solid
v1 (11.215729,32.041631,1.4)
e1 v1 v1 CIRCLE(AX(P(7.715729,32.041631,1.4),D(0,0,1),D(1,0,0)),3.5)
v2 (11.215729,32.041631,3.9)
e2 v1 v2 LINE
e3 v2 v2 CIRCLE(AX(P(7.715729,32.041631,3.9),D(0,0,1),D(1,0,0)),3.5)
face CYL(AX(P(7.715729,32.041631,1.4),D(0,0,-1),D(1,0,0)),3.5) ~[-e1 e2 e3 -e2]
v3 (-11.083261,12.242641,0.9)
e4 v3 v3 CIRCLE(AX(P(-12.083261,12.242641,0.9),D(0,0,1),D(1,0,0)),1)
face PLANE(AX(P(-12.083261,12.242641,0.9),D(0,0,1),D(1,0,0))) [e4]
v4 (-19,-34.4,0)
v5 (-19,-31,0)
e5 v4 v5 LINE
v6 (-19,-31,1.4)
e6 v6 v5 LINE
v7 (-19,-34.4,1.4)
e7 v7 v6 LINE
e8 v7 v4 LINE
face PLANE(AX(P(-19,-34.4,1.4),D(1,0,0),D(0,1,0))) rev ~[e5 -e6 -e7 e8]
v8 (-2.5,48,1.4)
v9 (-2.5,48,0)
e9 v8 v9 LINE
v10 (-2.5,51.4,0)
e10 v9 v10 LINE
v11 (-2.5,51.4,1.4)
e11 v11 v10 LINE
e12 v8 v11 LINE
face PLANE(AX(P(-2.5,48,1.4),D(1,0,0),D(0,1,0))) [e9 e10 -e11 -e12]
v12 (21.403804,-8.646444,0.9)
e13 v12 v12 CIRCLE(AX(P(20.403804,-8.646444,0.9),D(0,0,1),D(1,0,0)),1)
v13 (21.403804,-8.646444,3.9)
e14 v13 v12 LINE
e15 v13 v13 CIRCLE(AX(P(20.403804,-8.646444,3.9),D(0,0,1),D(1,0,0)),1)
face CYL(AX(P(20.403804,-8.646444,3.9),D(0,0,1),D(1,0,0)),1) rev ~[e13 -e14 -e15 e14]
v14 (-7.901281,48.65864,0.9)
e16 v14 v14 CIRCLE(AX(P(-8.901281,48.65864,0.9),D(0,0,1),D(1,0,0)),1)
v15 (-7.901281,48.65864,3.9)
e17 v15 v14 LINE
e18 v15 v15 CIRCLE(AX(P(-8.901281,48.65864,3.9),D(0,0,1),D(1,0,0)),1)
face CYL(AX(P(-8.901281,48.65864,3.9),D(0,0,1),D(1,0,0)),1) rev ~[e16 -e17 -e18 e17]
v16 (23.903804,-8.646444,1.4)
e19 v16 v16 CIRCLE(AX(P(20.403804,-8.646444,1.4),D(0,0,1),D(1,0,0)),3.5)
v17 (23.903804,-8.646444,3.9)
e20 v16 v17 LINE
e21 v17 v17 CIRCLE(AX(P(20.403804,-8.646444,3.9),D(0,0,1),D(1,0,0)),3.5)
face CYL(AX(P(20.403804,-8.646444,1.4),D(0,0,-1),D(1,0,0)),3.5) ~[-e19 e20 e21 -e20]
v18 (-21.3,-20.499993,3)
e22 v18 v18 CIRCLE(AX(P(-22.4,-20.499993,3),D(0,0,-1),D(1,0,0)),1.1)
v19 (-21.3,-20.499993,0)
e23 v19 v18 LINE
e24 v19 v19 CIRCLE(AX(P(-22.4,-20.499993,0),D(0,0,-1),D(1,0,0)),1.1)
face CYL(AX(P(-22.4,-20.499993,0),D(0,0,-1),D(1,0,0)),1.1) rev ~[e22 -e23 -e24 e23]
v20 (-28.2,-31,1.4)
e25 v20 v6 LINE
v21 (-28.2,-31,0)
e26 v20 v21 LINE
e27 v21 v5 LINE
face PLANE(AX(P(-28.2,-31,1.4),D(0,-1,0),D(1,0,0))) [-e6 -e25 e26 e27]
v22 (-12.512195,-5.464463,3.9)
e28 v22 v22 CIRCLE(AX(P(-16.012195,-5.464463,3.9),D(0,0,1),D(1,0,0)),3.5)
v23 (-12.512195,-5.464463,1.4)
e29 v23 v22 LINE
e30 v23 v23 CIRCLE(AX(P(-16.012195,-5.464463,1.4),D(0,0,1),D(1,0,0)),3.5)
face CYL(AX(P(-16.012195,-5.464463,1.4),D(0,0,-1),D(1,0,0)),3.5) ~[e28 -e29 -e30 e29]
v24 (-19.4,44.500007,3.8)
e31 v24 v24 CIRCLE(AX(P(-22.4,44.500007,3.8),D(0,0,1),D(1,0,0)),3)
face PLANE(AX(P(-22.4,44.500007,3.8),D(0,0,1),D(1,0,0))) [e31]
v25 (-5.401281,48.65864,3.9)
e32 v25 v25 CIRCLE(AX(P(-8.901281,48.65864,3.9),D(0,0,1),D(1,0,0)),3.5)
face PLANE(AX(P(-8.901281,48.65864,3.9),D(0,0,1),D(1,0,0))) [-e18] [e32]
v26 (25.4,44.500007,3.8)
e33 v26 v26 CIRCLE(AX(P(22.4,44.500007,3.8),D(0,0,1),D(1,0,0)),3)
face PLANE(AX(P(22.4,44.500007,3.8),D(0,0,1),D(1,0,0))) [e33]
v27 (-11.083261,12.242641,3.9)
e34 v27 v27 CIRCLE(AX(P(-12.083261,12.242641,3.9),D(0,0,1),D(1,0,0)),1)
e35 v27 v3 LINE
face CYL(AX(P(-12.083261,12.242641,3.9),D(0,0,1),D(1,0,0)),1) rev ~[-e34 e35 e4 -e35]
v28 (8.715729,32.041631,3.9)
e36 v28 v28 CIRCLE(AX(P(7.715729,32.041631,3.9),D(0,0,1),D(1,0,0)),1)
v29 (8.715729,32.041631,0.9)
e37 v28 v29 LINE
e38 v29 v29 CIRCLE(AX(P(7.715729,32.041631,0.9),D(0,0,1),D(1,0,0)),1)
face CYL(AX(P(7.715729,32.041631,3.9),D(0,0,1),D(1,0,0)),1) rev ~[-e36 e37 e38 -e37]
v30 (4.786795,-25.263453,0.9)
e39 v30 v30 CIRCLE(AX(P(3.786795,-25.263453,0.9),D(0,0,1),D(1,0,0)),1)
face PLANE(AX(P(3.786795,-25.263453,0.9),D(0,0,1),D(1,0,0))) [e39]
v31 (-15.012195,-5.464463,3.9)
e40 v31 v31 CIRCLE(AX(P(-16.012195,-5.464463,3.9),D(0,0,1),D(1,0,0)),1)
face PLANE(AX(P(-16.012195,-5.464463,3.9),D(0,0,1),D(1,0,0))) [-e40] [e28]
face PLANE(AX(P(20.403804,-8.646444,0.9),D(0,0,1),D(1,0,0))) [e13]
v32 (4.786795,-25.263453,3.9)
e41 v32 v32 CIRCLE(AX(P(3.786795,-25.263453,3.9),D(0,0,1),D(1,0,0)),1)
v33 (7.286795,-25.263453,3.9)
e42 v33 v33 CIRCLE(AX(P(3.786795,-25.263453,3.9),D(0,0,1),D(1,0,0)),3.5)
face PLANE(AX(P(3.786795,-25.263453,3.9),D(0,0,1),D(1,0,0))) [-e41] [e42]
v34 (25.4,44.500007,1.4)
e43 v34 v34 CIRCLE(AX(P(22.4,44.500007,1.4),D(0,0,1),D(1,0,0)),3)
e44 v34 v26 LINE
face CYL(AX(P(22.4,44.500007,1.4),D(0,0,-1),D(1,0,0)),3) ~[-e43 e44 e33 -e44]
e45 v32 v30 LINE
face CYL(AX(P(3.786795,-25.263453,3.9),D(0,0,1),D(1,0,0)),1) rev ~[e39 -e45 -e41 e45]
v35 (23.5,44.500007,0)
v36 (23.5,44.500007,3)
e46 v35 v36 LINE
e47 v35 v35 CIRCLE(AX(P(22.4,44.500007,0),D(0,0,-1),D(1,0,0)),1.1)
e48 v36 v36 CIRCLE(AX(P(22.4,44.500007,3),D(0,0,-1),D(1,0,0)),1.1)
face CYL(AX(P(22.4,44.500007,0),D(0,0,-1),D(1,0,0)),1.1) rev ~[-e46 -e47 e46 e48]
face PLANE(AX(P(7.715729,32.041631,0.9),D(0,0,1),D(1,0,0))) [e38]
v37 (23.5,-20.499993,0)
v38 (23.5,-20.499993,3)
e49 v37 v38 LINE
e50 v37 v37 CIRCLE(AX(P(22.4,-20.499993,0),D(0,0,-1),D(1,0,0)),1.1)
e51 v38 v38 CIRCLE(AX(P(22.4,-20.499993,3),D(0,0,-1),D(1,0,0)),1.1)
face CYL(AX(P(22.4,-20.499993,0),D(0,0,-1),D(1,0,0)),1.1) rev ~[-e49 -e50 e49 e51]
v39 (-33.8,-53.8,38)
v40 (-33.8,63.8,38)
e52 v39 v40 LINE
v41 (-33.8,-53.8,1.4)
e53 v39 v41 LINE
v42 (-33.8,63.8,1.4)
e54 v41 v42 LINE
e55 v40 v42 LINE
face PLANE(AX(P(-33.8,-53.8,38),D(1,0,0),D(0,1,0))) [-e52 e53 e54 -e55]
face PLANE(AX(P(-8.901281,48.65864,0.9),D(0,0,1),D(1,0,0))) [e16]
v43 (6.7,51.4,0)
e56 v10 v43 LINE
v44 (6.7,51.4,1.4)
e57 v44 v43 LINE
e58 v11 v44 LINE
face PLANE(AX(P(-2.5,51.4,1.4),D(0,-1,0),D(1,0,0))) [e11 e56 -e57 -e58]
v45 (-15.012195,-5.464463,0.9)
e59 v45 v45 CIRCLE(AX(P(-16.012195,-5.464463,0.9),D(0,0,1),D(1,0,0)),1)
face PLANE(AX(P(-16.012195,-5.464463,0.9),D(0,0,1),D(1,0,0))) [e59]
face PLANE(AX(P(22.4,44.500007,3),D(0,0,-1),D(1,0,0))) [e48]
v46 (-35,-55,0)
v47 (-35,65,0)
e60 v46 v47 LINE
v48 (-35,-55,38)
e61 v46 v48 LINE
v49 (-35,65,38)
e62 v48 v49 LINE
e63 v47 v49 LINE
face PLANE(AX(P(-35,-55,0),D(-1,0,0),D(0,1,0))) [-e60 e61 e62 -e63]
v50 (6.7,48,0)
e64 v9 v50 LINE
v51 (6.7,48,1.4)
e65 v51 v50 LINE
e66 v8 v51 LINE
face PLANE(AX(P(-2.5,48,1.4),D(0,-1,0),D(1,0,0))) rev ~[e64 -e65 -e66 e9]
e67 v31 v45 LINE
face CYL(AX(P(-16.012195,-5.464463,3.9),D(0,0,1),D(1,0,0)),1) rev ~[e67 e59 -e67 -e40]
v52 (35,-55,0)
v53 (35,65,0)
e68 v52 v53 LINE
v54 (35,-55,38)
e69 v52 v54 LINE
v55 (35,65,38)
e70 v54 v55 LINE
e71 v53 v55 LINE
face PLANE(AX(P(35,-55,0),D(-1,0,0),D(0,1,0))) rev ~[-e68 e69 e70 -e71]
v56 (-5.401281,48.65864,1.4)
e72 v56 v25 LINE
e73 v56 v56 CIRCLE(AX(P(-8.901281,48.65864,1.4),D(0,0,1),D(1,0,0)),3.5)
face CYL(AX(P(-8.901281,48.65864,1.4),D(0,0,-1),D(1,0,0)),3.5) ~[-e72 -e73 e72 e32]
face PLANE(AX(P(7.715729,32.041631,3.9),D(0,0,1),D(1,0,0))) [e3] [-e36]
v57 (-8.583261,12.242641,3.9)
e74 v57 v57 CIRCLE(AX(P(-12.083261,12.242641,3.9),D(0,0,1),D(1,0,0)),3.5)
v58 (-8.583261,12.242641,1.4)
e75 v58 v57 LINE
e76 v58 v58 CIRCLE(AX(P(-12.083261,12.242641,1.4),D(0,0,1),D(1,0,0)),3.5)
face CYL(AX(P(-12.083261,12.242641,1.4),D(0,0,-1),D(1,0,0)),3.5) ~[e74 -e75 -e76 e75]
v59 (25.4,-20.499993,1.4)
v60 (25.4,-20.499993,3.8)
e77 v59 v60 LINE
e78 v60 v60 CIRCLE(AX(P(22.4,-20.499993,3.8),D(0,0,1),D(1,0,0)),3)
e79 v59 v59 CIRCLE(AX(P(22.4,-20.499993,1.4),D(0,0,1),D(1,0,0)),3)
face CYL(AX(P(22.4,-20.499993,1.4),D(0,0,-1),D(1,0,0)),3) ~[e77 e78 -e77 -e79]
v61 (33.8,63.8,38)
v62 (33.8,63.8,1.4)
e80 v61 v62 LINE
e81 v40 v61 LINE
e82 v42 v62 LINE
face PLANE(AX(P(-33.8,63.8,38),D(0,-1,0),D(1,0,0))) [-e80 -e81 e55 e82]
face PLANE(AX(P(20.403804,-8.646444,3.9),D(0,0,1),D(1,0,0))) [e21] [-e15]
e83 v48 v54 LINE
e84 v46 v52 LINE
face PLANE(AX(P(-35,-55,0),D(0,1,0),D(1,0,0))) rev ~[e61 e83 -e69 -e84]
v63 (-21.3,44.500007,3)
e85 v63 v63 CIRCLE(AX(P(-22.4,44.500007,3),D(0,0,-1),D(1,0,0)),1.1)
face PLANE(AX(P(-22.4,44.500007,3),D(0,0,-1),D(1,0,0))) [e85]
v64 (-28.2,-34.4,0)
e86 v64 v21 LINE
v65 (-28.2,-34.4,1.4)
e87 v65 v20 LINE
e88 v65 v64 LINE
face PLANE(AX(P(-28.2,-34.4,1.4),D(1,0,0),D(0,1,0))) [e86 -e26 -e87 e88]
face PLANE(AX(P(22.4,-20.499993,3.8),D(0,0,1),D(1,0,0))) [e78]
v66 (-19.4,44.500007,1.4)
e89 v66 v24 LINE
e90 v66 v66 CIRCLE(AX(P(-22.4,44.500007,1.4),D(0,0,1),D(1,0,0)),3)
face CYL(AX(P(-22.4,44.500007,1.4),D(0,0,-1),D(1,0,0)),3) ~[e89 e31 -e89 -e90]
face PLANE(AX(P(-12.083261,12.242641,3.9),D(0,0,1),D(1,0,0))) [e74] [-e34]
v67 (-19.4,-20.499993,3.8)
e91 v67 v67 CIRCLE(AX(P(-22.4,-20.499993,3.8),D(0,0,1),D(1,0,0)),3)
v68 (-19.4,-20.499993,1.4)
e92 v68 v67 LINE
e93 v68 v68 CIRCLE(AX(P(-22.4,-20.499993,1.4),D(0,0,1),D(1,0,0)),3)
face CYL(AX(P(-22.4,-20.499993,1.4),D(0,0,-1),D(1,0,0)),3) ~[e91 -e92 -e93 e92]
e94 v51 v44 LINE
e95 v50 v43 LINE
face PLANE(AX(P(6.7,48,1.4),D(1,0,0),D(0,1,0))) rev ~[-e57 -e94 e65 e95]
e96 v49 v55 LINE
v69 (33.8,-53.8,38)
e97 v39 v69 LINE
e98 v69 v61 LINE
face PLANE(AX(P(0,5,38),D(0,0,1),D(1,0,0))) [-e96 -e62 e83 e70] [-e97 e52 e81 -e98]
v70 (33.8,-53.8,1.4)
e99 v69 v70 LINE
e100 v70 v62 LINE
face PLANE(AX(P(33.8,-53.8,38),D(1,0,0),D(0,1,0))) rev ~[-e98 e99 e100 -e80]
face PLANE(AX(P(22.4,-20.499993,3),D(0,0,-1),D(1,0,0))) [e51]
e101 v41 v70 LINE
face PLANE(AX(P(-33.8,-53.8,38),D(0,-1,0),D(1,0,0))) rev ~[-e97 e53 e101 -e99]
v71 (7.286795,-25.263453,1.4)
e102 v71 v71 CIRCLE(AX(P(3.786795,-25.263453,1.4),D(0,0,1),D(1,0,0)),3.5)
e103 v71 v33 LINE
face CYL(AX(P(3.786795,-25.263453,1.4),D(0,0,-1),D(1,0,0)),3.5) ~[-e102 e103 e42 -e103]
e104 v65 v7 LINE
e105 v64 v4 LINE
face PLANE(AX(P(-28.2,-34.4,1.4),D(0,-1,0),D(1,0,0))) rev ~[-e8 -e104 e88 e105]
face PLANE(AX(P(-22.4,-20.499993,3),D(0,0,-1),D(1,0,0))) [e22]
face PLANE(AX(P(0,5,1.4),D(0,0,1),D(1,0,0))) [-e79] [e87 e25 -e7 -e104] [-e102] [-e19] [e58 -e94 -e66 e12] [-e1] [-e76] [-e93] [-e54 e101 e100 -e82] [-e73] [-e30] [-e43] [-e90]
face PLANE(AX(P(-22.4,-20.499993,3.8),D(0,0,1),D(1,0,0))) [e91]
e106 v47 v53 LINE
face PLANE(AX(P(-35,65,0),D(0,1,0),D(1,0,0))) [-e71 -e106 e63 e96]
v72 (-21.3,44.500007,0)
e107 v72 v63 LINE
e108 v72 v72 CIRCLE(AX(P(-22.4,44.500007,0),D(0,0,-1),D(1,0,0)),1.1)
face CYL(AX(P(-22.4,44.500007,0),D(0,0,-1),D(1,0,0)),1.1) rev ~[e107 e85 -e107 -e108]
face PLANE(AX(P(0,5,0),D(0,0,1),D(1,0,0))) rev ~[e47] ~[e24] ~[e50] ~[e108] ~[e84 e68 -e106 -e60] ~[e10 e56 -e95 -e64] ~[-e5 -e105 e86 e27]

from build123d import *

# Parameters (mm, degrees)
SKETCH_W        = 70
SKETCH_H        = 120
PAD_DEPTH       = 38
SKETCH001_W     = 67.6
SKETCH001_H     = 117.6
POCKET_DEPTH    = 36.6
SKETCH112_R     = 3
PAD080_DEPTH    = 2.4
SKETCH113_R     = 1.1
POCKET031_DEPTH = 3
SKETCH136_R     = 3.5
PAD096_DEPTH    = 2.5
SKETCH137_R     = 1
POCKET039_DEPTH = 3
SKETCH138_W     = 9.2
SKETCH138_H     = 3.4
POCKET040_DEPTH = 1.401


with BuildPart() as part:
    # Sketch → Pad (new body)
    with BuildSketch(Plane.XY):
        Rectangle(SKETCH_W, SKETCH_H)
    extrude(amount=PAD_DEPTH)

    # Sketch001 (on DatumPlane) → Pocket (cut)
    with BuildSketch(Plane.XY.offset(38)):
        Rectangle(SKETCH001_W, SKETCH001_H)
    extrude(amount=-POCKET_DEPTH, mode=Mode.SUBTRACT)

    # Sketch112 → Pad080 (join)
    with BuildSketch(Plane.XY.offset(1.4)):
        with Locations((22.4, 39.500007)):
            Circle(SKETCH112_R)
        with Locations((-22.4, 39.500007)):
            Circle(SKETCH112_R)
        with Locations((-22.4, -25.499993)):
            Circle(SKETCH112_R)
        with Locations((22.4, -25.499993)):
            Circle(SKETCH112_R)
    extrude(amount=PAD080_DEPTH)

    # Sketch113 (on Face4 of Pad080) → Pocket031 (cut)
    with BuildSketch(Plane(origin=(0, 0, 0), x_dir=(1, 0, 0), z_dir=(0, 0, -1))):
        with Locations((22.4, -39.500007)):
            Circle(SKETCH113_R)
        with Locations((-22.4, -39.500007)):
            Circle(SKETCH113_R)
        with Locations((22.4, 25.499993)):
            Circle(SKETCH113_R)
        with Locations((-22.4, 25.499993)):
            Circle(SKETCH113_R)
    extrude(amount=-POCKET031_DEPTH, mode=Mode.SUBTRACT)

    # Sketch136 (on Face11 of Pad080) → Pad096 (join)
    with BuildSketch(Plane.XY.offset(1.4)):
        with Locations((20.403804, -13.646444)):
            Circle(SKETCH136_R)
        with Locations((-16.012195, -10.464463)):
            Circle(SKETCH136_R)
        with Locations((3.786795, -30.263453)):
            Circle(SKETCH136_R)
        with Locations((-8.901281, 43.65864)):
            Circle(SKETCH136_R)
        with Locations((7.715729, 27.041631)):
            Circle(SKETCH136_R)
        with Locations((-12.083261, 7.242641)):
            Circle(SKETCH136_R)
    extrude(amount=PAD096_DEPTH)

    # Sketch137 (on Face37 of Pad096) → Pocket039 (cut)
    with BuildSketch(Plane.XY.offset(3.9)):
        with Locations((-8.901281, 43.65864)):
            Circle(SKETCH137_R)
        with Locations((7.715729, 27.041631)):
            Circle(SKETCH137_R)
        with Locations((-12.083261, 7.242641)):
            Circle(SKETCH137_R)
        with Locations((-16.012195, -10.464463)):
            Circle(SKETCH137_R)
        with Locations((20.403804, -13.646444)):
            Circle(SKETCH137_R)
        with Locations((3.786795, -30.263453)):
            Circle(SKETCH137_R)
    extrude(amount=-POCKET039_DEPTH, mode=Mode.SUBTRACT)

    # Sketch138 (on Face19 of Pocket039) → Pocket040 (cut, through all)
    with BuildSketch(Plane.XY.offset(1.4)):
        with Locations((2.1, 44.7)):
            Rectangle(SKETCH138_W, SKETCH138_H)
        with Locations((-23.6, -37.7)):
            Rectangle(SKETCH138_W, SKETCH138_H)
    extrude(amount=-POCKET040_DEPTH, mode=Mode.SUBTRACT)


with BuildPart() as part_1:
    # Body placement: moved
    add(part.part.moved(Location((0, 5, 0))))


solid = part_1.part
